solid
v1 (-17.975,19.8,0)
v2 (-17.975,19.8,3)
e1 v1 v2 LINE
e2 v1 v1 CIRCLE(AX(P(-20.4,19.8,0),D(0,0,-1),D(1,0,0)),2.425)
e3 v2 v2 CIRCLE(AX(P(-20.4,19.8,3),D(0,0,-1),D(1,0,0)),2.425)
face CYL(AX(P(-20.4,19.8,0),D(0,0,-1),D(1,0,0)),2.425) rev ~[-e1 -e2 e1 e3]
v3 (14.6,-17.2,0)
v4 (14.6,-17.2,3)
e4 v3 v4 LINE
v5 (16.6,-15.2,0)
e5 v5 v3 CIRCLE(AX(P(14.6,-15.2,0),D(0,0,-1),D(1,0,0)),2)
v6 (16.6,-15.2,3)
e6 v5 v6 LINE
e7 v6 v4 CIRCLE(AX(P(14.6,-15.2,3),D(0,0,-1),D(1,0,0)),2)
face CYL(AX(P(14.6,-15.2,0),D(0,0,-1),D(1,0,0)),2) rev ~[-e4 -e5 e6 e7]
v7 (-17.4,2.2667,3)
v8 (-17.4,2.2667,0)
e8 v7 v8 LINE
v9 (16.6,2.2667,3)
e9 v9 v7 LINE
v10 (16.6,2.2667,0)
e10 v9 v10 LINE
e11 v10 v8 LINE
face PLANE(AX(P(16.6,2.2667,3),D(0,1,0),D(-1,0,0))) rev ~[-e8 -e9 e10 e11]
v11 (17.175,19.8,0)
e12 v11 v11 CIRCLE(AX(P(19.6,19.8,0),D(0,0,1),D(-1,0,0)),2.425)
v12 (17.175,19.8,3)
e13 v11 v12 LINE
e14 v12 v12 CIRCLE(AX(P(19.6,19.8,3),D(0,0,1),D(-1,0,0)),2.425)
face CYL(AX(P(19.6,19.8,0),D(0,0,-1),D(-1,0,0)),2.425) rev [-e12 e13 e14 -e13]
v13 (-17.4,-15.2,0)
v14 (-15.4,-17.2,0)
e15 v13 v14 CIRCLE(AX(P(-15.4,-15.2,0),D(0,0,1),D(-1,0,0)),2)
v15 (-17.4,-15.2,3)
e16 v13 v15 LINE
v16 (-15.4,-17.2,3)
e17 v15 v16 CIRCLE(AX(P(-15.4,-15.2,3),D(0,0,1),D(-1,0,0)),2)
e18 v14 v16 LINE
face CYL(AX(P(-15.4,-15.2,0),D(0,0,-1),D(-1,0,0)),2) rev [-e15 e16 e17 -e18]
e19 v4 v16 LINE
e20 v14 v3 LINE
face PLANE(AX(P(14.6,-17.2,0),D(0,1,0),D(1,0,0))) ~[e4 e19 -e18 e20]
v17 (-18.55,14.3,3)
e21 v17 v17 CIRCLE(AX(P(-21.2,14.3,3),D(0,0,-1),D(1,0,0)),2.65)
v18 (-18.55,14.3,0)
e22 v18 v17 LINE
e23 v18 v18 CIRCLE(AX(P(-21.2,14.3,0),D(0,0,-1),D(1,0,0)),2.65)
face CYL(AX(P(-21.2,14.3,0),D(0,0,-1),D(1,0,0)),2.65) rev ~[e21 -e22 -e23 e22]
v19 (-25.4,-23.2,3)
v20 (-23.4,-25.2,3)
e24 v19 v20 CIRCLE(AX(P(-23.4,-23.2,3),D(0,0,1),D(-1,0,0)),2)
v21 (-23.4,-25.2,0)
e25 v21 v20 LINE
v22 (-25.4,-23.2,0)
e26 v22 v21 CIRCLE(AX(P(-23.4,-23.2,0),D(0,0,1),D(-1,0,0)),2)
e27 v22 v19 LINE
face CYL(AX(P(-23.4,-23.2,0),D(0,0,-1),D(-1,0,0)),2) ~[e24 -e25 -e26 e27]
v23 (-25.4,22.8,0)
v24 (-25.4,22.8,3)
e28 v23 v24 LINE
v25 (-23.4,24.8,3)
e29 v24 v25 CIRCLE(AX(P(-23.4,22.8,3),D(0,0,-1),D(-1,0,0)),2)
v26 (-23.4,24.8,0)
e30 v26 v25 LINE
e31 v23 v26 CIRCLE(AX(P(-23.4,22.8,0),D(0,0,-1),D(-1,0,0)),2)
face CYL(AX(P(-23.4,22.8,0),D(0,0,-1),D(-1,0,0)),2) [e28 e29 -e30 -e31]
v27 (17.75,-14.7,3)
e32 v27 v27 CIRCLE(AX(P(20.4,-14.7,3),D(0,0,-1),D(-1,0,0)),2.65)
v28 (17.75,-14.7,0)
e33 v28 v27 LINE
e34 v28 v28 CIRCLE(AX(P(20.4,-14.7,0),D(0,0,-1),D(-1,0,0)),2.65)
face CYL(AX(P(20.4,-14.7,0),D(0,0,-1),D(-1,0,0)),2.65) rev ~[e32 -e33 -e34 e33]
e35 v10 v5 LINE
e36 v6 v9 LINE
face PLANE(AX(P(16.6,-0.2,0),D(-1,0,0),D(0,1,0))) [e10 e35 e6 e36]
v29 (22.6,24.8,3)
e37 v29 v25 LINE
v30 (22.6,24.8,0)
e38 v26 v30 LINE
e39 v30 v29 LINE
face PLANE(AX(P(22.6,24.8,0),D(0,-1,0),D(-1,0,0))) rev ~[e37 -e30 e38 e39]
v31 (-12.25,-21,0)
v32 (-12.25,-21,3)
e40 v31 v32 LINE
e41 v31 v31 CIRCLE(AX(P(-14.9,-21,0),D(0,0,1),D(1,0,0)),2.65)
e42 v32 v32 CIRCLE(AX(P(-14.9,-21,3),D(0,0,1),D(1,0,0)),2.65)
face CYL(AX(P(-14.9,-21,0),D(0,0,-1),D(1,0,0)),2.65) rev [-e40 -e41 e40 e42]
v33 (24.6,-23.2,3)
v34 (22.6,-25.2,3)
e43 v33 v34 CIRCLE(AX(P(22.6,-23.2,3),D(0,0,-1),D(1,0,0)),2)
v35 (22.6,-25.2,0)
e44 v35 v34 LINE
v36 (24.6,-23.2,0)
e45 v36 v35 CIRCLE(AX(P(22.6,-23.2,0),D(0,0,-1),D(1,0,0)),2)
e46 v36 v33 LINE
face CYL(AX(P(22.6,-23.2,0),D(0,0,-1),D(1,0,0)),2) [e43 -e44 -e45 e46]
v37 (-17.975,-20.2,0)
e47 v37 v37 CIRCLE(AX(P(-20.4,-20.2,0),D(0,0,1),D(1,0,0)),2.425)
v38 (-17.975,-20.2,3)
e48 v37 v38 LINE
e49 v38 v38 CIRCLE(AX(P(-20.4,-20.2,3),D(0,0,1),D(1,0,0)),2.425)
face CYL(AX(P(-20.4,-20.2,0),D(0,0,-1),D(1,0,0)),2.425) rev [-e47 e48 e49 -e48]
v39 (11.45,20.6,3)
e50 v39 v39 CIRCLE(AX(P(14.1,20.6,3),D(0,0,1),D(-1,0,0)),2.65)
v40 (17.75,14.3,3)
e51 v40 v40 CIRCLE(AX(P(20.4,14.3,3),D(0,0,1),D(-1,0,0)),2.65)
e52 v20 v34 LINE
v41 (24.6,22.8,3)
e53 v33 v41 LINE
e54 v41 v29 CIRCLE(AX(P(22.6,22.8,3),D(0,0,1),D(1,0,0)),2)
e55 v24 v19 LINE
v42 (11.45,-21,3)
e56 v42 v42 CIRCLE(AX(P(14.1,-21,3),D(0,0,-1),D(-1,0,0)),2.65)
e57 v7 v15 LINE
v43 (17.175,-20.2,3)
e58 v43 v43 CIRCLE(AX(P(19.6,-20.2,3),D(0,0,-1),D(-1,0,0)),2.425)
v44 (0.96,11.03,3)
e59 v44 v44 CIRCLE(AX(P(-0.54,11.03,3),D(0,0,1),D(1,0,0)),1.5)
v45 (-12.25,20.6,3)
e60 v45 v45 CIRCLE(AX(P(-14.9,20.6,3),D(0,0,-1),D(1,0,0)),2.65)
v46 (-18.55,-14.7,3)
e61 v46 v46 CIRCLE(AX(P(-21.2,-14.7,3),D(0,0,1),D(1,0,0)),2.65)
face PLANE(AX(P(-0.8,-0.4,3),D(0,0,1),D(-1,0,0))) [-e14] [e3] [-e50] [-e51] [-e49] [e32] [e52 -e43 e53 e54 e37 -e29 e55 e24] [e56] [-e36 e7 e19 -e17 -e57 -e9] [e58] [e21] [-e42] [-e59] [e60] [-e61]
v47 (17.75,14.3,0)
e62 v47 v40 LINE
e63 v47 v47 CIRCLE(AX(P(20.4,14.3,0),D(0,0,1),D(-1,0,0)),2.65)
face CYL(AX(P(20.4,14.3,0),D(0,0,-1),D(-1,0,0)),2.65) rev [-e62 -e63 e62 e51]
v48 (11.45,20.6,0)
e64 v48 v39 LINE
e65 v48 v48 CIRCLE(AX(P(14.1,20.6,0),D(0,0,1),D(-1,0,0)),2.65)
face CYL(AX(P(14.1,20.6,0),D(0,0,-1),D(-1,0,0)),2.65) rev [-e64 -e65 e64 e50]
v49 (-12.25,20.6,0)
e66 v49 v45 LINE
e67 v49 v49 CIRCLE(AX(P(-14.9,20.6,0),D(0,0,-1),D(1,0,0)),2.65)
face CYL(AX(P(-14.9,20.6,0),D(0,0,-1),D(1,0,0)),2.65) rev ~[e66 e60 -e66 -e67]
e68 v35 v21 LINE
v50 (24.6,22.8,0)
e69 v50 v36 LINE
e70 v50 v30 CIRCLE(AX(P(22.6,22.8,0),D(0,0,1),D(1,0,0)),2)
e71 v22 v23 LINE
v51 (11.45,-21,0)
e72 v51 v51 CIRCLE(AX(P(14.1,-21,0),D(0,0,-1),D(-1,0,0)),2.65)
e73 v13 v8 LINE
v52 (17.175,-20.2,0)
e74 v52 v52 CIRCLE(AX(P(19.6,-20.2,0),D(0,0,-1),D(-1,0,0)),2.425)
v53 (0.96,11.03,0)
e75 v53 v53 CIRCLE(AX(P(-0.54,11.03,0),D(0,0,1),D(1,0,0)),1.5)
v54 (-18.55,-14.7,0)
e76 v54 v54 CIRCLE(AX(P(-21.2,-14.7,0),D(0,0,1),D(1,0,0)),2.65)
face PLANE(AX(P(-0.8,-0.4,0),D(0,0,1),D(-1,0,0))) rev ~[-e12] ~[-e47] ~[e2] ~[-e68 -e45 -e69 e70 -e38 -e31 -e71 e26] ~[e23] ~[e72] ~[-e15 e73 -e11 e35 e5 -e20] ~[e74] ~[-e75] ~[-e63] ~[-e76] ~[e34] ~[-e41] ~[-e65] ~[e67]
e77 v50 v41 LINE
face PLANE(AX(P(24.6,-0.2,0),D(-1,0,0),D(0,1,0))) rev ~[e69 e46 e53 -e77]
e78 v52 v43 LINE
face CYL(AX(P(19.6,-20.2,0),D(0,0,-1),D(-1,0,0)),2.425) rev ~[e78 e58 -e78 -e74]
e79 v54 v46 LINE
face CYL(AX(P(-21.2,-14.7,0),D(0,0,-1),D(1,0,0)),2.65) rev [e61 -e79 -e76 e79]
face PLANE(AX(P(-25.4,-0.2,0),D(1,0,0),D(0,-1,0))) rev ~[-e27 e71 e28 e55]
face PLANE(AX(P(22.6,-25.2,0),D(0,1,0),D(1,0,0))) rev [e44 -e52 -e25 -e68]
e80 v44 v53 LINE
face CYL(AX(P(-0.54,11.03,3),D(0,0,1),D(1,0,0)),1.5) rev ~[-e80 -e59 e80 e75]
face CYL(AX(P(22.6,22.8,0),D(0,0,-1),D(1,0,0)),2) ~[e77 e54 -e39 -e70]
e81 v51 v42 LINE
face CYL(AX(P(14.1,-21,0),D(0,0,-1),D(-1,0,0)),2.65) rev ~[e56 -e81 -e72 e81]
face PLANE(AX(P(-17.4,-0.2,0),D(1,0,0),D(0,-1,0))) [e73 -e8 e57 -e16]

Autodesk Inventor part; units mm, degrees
ref_plane "YZ Plane" through (0, 0, 0) normal (1, 0, 0) x (0, 1, 0)
ref_plane "XZ Plane" through (0, 0, 0) normal (0, 1, 0) x (-1, 0, 0)
ref_plane "XY Plane" through (0, 0, 0) normal (0, 0, 1) x (1, 0, 0)
sketch "Skizze1" plane through (0, 0, 0) normal (0, 0, 1) x (1, 0, 0)
  line L0 (-17.4, -0.2) -> (-25.4, -0.2)
  line L1 (-25.4, -0.2) -> (-25.4, -23.2)
  line L2 (-23.4, -25.2) -> (-0.4, -25.2)
  line L3 (-0.4, -25.2) -> (-0.4, -17.2)
  line L4 (-17.4, -0.2) -> (-17.4, -15.2)
  line L5 (-15.4, -17.2) -> (-0.4, -17.2)
  arc A0 (-25.4, -23.2) -> (-23.4, -25.2) centre (-23.4, -23.2) ccw
  circle A1 centre (-20.4, -20.2) radius 2.425
  circle A2 centre (-21.2, -14.7) radius 2.65
  circle A3 centre (-14.9, -21) radius 2.65
  arc A4 (-17.4, -15.2) -> (-15.4, -17.2) centre (-15.4, -15.2) ccw
  circle A5 centre (-20.4, -20.2) radius 2.425
  circle A6 centre (-14.9, -21) radius 2.65
  circle A7 centre (-21.2, -14.7) radius 2.65
  point P0 (-25.4, -25.2)
  point P1 (-17.4, -17.2)
  dimension "d278" = 25
  dimension "d279" = 25
  dimension "d2" = 8
  dimension "d281" = 8
  dimension "d282" = 2
  dimension "d283" = 4.85
  dimension "d284" = 20
  dimension "d4" = 20
  dimension "d286" = 5.3
  dimension "d_hole" = 5.3
  dimension "d290" = 20.8
  dimension "d" = 20.8
  dimension "d292" = 2
  dimension "d313" = 6.3
  dimension "d314" = 6.3
  dimension "d330" = 0
  dimension "d331" = 0
  dimension "d332" = 0
extrude "Extrusion1" add sketch "Skizze1" along normal blind 3
mirror "Mirror6" about plane through (-17.4, -0.2, 0) normal (0, 1, 0) of "Extrusion1"
mirror "Mirror7" about plane through (-0.4, -25.2, 0) normal (1, 0, 0) of "Extrusion1", "Mirror6"
sketch "Sketch32" plane through (0, 0, 3) normal (0, 0, 1) x (1, 0, 0)
  circle A0 centre (-0.54, 11.03) radius 1.4 projected
  circle A1 centre (-0.54, 11.03) radius 7 construction
  circle A2 centre (-0.54, 11.03) radius 1.75 projected
  line L0 (22.6, 24.8) -> (-23.4, 24.8) projected
  arc A3 (-23.4, 24.8) -> (-25.4, 22.8) centre (-23.4, 22.8) ccw projected
  line L1 (-25.4, -23.2) -> (-25.4, 22.8) projected
  arc A4 (-25.4, -23.2) -> (-23.4, -25.2) centre (-23.4, -23.2) ccw projected
  line L2 (-23.4, -25.2) -> (22.6, -25.2) projected
  arc A5 (22.6, -25.2) -> (24.6, -23.2) centre (22.6, -23.2) ccw projected
  line L3 (24.6, 22.8) -> (24.6, -23.2) projected
  arc A6 (24.6, 22.8) -> (22.6, 24.8) centre (22.6, 22.8) ccw projected
  circle A7 centre (19.6, 19.8) radius 2.425 projected
  circle A8 centre (14.1, 20.6) radius 2.65 projected
  circle A9 centre (20.4, 14.3) radius 2.65 projected
  circle A10 centre (19.6, -20.2) radius 2.425 projected
  circle A11 centre (14.1, -21) radius 2.65 projected
  circle A12 centre (20.4, -14.7) radius 2.65 projected
  circle A13 centre (-20.4, 19.8) radius 2.425 projected
  circle A14 centre (-14.9, 20.6) radius 2.65 projected
  circle A15 centre (-21.2, 14.3) radius 2.65 projected
  circle A16 centre (-21.2, -14.7) radius 2.65 projected
  circle A17 centre (-14.9, -21) radius 2.65 projected
  circle A18 centre (-20.4, -20.2) radius 2.425 projected
  line L4 (14.6, 16.8) -> (-15.4, 16.8) projected
  arc A19 (16.6, 14.8) -> (14.6, 16.8) centre (14.6, 14.8) ccw projected
  line L5 (16.6, 14.8) -> (16.6, -15.2) projected
  arc A20 (14.6, -17.2) -> (16.6, -15.2) centre (14.6, -15.2) ccw projected
  line L6 (-15.4, -17.2) -> (14.6, -17.2) projected
  arc A21 (-17.4, -15.2) -> (-15.4, -17.2) centre (-15.4, -15.2) ccw projected
  line L7 (-17.4, -15.2) -> (-17.4, 14.8) projected
  arc A22 (-15.4, 16.8) -> (-17.4, 14.8) centre (-15.4, 14.8) ccw projected
  line L8 (16.6, 14.8) -> (16.6, -15.2) projected
  circle A23 centre (-0.54, 11.03) radius 1.5
  line L9 (16.6, 2.2667) -> (-17.4, 2.2667)
  line L10 (-17.4, -15.2) -> (-17.4, 14.8) projected
  point P0 (0, 0)
  dimension "d354" = 3
extrude "Extrusion17" add sketch "Sketch32" against normal blind 3 contours A2 | A19 L5 L9 L7 A22 L4
equation "\"d_i\" = 40"
equation "\"d_o\" = 40"
equation "\"d_part\" = 50"
equation "\"d6\" = 0"
equation "\"d7\" = 0"
equation "\"d8\" = 0"
equation "\"d9\" = 0"
equation "\"d13\" = 0"
equation "\"d14\" = 0"
equation "\"d20\" = 0"
equation "\"d21\" = 0"
equation "\"d22\" = 0"
equation "\"d23\" = 0"
equation "\"d24\" = 0"
equation "\"d25\" = 3"
equation "\"d26\" = 0"
equation "\"d27\" = 0"
equation "\"d28\" = 0"
equation "\"d29\" = 0"
equation "\"d30\" = 0"
equation "\"d31\" = 0"
equation "\"d32\" = 0"
equation "\"d33\" = 0"
equation "\"d34\" = 0"
equation "\"d46\" = 0"
equation "\"d47\" = 0"
equation "\"d48\" = 0"
equation "\"d50\" = 0"
equation "\"d51\" = 0"
equation "\"d52\" = 0"
equation "\"d53\" = 0"
equation "\"d54\" = 0"
equation "\"d55\" = 0"
equation "\"d56\" = 0"
equation "\"d57\" = 0"
equation "\"d58\" = 0"
equation "\"d59\" = 0"
equation "\"magnet_offset\" = 0"
equation "\"screw_offset\" = 0"
equation "\"mal_puzzle_offset\" = 0"
equation "\"fem_puzzle_offset\" = 0"
properties part number "30_Cube_Z_Focus_MGN_NEMA_counterplate"
